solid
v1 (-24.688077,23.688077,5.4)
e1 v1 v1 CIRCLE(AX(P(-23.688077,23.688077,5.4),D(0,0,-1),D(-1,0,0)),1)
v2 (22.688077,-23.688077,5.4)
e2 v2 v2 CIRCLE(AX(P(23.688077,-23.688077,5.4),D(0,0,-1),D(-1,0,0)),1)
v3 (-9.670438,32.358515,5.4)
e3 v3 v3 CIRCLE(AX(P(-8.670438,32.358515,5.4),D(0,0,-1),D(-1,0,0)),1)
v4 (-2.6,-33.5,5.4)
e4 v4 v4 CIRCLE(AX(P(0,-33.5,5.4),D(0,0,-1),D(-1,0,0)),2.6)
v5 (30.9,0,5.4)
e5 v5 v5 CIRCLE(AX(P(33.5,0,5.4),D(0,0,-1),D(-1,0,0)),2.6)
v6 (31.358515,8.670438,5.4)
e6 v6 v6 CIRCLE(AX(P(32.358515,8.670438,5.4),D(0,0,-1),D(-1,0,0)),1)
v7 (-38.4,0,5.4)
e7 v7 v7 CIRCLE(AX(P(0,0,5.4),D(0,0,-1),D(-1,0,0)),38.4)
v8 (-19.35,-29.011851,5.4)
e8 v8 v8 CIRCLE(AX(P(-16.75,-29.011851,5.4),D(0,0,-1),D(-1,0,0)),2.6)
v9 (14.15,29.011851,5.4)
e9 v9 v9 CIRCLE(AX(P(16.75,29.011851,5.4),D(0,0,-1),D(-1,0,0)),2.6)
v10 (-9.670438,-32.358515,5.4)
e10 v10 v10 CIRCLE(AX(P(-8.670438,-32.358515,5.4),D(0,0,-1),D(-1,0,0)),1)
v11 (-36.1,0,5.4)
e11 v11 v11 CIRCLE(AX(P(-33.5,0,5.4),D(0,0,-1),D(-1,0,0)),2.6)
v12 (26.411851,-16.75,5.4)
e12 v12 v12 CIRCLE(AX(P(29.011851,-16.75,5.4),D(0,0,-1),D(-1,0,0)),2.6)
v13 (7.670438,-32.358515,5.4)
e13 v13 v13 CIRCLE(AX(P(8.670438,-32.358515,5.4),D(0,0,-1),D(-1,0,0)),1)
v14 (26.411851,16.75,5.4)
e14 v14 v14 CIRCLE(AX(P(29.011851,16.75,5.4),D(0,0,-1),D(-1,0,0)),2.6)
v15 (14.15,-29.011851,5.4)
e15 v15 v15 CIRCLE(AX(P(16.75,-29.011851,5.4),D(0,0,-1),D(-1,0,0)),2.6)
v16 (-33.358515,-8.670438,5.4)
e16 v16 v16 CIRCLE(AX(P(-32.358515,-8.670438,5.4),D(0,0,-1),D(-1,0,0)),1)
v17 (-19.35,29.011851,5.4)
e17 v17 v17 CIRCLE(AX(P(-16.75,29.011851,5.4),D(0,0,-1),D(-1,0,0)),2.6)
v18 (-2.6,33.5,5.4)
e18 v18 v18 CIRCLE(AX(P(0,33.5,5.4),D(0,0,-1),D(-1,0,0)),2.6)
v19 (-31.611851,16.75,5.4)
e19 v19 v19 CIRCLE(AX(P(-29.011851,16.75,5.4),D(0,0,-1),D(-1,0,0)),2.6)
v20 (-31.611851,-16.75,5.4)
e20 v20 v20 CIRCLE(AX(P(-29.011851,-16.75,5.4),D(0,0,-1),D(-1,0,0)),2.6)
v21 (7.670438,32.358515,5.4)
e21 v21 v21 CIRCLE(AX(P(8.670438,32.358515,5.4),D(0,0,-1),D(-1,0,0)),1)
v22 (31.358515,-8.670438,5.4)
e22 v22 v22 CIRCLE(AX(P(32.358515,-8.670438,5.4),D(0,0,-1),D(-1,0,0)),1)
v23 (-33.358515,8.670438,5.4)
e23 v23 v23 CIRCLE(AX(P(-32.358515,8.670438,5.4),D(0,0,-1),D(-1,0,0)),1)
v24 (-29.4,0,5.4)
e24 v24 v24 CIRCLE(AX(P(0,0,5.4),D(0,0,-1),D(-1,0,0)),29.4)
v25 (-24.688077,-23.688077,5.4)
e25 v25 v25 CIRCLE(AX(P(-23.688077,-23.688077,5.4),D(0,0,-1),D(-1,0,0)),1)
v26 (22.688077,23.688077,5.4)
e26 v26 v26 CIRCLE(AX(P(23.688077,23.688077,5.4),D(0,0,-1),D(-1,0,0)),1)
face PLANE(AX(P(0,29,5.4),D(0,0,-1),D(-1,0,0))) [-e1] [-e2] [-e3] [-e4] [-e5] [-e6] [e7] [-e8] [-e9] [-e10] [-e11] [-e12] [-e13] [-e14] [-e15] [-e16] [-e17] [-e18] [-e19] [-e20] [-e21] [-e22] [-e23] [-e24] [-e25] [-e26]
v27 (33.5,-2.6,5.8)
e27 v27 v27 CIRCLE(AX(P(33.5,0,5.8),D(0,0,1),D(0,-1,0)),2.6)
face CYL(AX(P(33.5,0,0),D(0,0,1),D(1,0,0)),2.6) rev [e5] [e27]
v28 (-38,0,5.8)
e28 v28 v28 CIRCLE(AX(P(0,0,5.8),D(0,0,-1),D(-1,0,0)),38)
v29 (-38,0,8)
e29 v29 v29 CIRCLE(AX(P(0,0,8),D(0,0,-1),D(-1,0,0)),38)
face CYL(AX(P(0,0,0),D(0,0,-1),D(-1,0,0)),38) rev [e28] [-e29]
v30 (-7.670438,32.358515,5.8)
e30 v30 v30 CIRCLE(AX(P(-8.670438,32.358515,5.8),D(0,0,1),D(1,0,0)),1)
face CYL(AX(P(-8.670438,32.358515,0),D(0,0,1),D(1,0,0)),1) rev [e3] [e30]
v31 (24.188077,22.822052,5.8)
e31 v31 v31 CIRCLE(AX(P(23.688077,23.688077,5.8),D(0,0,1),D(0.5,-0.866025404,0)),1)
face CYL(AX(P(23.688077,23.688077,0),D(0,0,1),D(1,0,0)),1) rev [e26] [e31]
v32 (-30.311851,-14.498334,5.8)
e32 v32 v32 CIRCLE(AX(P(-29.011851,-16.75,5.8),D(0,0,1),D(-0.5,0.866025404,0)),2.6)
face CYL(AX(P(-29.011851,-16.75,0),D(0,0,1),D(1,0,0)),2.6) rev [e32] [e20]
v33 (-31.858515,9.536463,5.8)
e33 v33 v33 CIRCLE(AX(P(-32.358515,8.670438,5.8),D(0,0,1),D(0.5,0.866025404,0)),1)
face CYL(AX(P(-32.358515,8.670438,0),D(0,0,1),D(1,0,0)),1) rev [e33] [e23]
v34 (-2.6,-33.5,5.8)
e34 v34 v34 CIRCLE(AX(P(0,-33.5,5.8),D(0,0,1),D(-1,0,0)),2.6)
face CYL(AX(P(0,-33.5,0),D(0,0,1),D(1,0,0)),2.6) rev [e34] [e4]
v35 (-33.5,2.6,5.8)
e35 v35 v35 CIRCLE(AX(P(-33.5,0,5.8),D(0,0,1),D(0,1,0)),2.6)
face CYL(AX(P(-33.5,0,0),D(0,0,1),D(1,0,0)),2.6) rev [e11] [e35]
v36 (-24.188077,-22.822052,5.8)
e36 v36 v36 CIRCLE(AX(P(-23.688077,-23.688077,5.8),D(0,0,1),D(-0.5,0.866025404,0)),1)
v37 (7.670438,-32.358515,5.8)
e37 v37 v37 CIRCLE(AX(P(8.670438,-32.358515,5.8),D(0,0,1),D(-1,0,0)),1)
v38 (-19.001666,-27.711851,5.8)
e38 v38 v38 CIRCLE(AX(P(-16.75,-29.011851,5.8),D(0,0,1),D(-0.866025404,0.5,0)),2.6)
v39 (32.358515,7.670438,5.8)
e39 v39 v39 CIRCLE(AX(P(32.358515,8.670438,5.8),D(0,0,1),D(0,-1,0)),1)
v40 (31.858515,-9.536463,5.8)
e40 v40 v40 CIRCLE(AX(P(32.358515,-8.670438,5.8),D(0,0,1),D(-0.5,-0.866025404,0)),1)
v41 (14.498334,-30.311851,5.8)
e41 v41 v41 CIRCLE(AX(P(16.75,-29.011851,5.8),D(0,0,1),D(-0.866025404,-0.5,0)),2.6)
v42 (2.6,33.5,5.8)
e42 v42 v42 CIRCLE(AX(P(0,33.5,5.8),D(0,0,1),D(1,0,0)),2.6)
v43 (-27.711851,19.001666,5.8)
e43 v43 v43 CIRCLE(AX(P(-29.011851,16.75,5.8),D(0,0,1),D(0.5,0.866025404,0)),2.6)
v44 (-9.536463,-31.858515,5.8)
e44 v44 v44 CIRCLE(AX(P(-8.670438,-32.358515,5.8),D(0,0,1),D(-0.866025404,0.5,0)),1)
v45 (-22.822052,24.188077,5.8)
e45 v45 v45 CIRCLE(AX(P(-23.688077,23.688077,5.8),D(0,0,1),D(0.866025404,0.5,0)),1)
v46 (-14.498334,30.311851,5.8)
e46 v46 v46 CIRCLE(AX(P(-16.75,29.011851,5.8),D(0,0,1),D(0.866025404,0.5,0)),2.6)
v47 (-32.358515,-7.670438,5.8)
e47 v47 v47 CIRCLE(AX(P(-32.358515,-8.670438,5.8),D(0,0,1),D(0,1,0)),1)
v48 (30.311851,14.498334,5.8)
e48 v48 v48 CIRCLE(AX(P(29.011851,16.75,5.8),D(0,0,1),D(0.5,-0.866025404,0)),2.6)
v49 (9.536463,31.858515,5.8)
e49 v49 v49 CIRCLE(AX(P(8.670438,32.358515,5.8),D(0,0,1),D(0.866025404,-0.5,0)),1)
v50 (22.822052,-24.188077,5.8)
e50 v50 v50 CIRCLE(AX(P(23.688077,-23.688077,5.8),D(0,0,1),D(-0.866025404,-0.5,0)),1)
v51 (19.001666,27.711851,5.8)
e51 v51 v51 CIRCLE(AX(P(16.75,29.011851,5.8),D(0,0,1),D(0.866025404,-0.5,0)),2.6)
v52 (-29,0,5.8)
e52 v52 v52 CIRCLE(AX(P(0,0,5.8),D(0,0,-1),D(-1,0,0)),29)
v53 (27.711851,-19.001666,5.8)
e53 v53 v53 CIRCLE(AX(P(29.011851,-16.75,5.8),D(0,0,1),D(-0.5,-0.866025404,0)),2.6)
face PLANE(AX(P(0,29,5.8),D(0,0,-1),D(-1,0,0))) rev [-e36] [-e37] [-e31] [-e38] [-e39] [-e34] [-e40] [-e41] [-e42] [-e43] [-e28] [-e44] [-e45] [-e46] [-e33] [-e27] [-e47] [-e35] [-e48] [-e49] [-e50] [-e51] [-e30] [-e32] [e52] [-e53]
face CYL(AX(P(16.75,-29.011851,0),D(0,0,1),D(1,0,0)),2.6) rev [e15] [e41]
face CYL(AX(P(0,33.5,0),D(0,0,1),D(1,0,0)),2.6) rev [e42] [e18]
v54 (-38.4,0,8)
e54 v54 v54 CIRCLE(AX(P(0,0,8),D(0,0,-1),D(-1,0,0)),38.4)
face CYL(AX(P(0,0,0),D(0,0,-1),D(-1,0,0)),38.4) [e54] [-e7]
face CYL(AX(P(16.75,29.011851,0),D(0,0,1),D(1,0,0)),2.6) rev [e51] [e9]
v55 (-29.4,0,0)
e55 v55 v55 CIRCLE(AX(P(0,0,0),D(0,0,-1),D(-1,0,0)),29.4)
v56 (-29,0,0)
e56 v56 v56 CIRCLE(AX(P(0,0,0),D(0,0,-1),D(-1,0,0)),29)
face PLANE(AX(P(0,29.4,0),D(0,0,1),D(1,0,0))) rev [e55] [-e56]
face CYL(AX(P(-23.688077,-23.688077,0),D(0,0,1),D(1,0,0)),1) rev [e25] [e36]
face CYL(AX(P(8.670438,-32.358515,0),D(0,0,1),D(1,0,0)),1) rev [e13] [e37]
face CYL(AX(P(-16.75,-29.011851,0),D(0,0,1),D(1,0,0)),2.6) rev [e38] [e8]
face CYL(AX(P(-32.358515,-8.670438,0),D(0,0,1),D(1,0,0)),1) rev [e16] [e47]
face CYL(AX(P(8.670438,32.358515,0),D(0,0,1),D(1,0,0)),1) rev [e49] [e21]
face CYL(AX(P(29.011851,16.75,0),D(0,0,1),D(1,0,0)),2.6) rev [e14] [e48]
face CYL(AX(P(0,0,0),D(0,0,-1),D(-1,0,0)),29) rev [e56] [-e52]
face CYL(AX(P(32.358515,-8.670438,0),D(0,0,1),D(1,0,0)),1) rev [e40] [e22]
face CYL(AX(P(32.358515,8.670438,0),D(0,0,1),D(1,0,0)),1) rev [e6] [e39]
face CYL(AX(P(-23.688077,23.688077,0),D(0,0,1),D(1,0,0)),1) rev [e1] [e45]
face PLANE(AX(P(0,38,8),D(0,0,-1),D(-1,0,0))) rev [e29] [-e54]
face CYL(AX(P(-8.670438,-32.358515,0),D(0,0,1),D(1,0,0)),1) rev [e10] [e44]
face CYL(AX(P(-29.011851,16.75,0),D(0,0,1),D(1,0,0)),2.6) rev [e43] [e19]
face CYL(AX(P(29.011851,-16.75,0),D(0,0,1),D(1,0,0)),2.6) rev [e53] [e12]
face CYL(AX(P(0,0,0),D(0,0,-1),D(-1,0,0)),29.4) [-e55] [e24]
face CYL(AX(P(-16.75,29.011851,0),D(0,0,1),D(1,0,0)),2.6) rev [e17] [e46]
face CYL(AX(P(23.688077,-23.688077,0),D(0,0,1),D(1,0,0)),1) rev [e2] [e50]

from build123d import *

# Parameters (mm, degrees)
SKETCH2_R          = 2.6
SKETCH2_R_2        = 1
CUT_EXTRUDE1_DEPTH = 55.614650049
CIRPATTERN1_COUNT  = 12


with BuildPart() as part:
    # Sketch1 → Revolve-Thin1 (revolve)
    with BuildSketch(Plane(origin=(0, 0, 0), x_dir=(0, 0, -1), z_dir=(1, 0, 0)), mode=Mode.PRIVATE) as revolve_thin1_sk:
        Polygon((0, 29), (-5.8, 29), (-5.8, 38), (-8, 38), (-8, 38.4), (-5.4, 38.4), (-5.4, 29.4), (0, 29.4), align=None)
    revolve(revolve_thin1_sk.sketch.rotate(Axis((0, 0, 0), (0, 0, 1)), 90), axis=Axis((0, 0, 0), (0, 0, 1)))

    # Sketch2 → Cut-Extrude1 (cut, through all)
    with BuildSketch(Plane.XY.offset(5.8)):
        with Locations((0, 33.5)):
            Circle(SKETCH2_R)
        with Locations((-8.670438011, 32.358515181)):
            Circle(SKETCH2_R_2)
    cut_extrude1 = extrude(amount=-CUT_EXTRUDE1_DEPTH, mode=Mode.SUBTRACT)

    # CirPattern1: Cut-Extrude1 ×12 about axis
    cirpattern1_axis = Axis((0, 0, 0), (0, 0, 1))
    for i in range(1, CIRPATTERN1_COUNT):
        add(cut_extrude1.rotate(cirpattern1_axis, i * 360 / CIRPATTERN1_COUNT), mode=Mode.SUBTRACT)


solid = part.part
